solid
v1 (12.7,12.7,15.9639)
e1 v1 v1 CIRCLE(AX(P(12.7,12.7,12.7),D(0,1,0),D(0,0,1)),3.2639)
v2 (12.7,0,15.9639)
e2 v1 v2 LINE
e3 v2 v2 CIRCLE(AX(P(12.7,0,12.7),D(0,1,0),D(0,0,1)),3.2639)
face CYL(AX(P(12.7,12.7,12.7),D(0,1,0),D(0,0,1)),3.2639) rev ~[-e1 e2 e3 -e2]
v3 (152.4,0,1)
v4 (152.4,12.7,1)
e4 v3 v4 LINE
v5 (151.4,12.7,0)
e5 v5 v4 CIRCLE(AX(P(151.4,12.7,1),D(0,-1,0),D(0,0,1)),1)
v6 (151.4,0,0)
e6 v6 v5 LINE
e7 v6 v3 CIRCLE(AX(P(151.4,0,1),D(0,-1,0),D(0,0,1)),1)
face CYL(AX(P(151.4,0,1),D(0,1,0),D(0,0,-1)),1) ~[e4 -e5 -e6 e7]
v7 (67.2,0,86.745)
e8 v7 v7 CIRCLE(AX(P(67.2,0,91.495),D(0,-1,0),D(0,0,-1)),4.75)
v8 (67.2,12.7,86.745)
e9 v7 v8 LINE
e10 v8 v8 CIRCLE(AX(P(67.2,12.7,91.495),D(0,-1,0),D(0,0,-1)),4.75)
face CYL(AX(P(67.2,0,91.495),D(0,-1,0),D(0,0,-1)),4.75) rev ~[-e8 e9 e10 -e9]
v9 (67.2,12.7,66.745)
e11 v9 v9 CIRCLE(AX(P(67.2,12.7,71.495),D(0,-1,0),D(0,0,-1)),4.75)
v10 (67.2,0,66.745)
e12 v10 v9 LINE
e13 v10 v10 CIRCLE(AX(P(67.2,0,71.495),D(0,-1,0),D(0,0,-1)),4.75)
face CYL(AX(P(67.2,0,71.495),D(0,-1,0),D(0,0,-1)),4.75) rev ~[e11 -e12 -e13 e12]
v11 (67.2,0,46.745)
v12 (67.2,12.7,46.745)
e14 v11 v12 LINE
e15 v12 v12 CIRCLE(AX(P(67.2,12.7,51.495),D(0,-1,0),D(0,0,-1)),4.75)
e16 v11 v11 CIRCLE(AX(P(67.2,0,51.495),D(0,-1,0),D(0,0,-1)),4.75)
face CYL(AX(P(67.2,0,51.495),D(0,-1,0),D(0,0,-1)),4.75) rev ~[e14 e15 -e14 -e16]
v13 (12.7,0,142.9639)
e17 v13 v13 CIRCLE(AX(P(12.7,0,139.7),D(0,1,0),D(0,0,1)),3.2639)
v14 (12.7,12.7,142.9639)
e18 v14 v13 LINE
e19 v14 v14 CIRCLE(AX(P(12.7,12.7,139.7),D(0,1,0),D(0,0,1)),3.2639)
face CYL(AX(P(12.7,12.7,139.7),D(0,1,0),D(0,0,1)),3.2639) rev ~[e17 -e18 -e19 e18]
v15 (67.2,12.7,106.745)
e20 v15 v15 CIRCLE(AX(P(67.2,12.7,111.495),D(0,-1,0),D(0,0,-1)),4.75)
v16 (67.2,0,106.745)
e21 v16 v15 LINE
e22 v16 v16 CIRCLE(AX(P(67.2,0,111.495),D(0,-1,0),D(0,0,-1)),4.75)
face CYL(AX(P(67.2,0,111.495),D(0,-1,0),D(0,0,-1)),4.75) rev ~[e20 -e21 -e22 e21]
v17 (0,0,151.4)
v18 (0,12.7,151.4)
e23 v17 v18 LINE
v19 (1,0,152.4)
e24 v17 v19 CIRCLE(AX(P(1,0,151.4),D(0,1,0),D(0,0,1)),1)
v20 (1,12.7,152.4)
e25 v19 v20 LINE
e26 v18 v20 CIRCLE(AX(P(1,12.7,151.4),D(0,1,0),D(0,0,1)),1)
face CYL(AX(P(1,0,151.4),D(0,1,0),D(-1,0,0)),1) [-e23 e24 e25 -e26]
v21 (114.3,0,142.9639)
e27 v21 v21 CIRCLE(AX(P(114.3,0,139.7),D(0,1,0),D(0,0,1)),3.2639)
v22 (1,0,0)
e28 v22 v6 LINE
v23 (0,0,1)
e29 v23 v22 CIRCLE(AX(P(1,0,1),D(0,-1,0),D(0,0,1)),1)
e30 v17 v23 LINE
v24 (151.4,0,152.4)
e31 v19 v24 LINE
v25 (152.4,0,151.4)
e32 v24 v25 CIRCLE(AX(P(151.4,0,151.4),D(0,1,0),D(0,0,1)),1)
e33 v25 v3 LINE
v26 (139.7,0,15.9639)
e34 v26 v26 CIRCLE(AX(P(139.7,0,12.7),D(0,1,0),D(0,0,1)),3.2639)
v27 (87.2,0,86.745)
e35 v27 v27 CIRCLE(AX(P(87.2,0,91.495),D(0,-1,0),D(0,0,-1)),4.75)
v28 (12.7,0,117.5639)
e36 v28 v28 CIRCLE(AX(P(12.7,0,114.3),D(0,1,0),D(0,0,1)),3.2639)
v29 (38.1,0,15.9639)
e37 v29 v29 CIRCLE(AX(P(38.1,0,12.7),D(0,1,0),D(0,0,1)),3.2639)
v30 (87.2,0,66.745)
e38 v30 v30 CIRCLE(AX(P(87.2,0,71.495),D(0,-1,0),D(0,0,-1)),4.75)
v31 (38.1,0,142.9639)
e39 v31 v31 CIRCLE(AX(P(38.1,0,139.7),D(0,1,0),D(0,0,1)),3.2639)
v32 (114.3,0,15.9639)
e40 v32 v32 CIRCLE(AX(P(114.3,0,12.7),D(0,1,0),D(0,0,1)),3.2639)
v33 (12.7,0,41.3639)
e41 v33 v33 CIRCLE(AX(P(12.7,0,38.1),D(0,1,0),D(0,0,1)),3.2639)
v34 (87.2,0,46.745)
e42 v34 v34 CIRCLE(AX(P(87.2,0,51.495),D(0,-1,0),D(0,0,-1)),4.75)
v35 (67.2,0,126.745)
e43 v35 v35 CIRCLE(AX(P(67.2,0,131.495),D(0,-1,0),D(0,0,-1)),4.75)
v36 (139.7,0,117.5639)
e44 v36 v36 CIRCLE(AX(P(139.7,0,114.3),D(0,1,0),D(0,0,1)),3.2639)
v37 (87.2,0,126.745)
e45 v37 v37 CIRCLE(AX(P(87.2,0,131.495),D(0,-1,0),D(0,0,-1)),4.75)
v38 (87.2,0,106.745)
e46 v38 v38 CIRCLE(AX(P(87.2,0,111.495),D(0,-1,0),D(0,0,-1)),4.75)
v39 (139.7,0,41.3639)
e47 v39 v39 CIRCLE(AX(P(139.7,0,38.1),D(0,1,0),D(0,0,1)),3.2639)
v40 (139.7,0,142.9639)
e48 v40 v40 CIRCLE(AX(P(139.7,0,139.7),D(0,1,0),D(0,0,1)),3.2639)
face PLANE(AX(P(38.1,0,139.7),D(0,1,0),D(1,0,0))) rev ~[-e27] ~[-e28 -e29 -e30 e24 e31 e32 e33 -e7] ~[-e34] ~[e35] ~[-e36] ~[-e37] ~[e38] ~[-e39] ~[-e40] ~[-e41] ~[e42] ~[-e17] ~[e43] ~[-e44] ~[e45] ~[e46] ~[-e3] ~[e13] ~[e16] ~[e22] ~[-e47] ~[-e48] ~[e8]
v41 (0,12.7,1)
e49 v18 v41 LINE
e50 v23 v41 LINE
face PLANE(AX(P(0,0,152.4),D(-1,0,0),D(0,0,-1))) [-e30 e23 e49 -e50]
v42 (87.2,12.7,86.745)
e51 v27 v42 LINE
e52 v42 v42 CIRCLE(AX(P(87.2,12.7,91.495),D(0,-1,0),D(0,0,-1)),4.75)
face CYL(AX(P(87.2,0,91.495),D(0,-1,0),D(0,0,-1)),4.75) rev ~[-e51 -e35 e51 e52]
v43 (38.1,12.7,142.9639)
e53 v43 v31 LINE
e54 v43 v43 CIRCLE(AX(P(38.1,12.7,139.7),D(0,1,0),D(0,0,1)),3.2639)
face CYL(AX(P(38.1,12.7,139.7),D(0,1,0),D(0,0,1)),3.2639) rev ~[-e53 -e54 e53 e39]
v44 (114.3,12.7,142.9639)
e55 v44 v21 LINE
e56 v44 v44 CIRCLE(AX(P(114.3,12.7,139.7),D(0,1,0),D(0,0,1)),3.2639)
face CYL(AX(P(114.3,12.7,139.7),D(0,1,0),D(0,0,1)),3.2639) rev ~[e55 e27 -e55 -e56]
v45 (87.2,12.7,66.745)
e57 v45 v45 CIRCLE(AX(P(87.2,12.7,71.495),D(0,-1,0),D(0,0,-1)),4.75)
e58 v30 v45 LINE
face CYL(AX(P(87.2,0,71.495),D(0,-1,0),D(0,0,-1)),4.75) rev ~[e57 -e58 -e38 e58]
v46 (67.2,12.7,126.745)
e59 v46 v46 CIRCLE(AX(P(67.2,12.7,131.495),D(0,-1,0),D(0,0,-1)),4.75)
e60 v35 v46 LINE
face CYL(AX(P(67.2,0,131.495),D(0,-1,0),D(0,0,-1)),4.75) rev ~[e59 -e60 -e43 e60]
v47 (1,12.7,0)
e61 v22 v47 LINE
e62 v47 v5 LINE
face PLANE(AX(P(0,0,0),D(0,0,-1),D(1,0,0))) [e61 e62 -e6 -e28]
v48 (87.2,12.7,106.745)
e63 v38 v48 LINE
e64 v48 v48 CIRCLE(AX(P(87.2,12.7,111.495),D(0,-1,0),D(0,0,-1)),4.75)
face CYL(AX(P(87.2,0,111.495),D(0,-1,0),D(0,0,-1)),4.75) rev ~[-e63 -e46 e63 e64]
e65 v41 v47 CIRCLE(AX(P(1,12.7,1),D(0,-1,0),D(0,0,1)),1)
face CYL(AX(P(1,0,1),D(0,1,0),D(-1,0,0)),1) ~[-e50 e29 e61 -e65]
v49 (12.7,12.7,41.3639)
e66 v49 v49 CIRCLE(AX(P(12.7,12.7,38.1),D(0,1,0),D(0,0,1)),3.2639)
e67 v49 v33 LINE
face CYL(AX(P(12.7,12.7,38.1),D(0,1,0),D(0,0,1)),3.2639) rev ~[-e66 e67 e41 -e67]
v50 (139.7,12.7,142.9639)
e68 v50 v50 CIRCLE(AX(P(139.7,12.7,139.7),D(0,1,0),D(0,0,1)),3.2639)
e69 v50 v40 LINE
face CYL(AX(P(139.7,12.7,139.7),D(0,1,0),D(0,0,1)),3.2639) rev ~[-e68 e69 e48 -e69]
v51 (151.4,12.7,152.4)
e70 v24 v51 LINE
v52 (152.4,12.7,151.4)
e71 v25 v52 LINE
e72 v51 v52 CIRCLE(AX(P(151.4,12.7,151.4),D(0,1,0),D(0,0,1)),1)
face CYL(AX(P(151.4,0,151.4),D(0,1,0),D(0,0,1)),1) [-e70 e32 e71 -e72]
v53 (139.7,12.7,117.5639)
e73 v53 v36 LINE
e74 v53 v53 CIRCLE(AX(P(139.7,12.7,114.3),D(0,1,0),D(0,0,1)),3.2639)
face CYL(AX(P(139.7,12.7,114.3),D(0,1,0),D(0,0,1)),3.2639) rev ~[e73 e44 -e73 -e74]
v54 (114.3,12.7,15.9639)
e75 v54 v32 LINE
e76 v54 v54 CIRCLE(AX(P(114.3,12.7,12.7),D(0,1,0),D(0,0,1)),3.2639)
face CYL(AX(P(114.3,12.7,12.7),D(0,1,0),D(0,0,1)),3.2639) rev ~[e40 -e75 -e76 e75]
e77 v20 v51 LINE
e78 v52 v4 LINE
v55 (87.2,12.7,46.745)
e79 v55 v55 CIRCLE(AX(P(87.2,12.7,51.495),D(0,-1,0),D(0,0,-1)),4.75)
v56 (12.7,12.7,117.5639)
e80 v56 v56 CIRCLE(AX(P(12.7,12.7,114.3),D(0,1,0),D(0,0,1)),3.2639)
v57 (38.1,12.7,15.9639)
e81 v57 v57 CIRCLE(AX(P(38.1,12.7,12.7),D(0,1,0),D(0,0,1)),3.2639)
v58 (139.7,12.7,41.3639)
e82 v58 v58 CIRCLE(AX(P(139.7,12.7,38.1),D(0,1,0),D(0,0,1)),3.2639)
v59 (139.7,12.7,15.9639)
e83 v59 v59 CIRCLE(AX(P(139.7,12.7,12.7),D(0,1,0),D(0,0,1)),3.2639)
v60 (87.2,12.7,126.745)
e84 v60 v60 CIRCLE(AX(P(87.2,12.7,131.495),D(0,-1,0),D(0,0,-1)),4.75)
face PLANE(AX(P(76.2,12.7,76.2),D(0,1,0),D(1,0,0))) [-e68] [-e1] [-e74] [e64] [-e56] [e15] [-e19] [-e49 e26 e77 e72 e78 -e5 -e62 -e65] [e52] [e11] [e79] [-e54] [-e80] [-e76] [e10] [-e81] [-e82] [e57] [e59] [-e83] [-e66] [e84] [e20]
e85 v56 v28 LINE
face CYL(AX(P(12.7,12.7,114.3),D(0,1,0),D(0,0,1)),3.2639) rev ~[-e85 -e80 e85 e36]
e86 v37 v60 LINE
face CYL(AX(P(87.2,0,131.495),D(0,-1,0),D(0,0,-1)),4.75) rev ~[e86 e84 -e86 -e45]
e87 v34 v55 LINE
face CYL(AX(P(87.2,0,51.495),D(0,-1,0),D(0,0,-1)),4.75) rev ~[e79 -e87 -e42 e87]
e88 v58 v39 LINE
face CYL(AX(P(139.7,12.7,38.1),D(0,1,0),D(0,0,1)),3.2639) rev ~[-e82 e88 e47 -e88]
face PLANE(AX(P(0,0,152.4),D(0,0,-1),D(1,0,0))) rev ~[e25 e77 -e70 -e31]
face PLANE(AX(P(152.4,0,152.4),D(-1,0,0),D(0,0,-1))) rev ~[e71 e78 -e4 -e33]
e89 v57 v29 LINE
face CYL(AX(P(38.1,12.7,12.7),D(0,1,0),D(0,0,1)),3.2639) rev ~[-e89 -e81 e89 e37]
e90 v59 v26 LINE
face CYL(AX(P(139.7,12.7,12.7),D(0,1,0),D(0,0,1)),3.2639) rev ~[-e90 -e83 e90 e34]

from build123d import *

# Parameters (mm, degrees)
SKETCH1_W           = 152.4
SKETCH1_H           = 152.4
SKETCH1_R           = 4.75
BOSS_EXTRUDE1_DEPTH = 12.7
FILLET1_R           = 1
SKETCH11_R          = 3.2639
CUT_EXTRUDE1_DEPTH  = 12.7
SKETCH12_R          = 4.75
CUT_EXTRUDE2_DEPTH  = 12.7


with BuildPart() as part:
    # Sketch1 → Boss-Extrude1 (new body)
    # profile 1 of 13: a face of its own
    with BuildSketch(Plane(origin=(0, 0, 0), x_dir=(1, 0, 0), z_dir=(0, 1, 0))):
        with Locations((76.2, -76.2)):
            Rectangle(SKETCH1_W, SKETCH1_H)
        with Locations((12.7, -38.1)):
            Circle(SKETCH1_R, mode=Mode.SUBTRACT)
        with Locations((12.7, -114.3)):
            Circle(SKETCH1_R, mode=Mode.SUBTRACT)
        with Locations((38.1, -139.7)):
            Circle(SKETCH1_R, mode=Mode.SUBTRACT)
        with Locations((114.3, -139.7)):
            Circle(SKETCH1_R, mode=Mode.SUBTRACT)
        with Locations((139.7, -114.3)):
            Circle(SKETCH1_R, mode=Mode.SUBTRACT)
        with Locations((139.7, -38.1)):
            Circle(SKETCH1_R, mode=Mode.SUBTRACT)
        with Locations((114.3, -12.7)):
            Circle(SKETCH1_R, mode=Mode.SUBTRACT)
        with Locations((38.1, -12.7)):
            Circle(SKETCH1_R, mode=Mode.SUBTRACT)
        with Locations((12.7, -139.7)):
            Circle(SKETCH1_R, mode=Mode.SUBTRACT)
        with Locations((139.7, -139.7)):
            Circle(SKETCH1_R, mode=Mode.SUBTRACT)
        with Locations((139.7, -12.7)):
            Circle(SKETCH1_R, mode=Mode.SUBTRACT)
        with Locations((12.7, -12.7)):
            Circle(SKETCH1_R, mode=Mode.SUBTRACT)
    # profile 2 of 13: a face of its own
    with BuildSketch(Plane(origin=(0, 0, 0), x_dir=(1, 0, 0), z_dir=(0, 1, 0))):
        with Locations((12.7, -12.7)):
            Circle(SKETCH1_R)
    # profile 3 of 13: a face of its own
    with BuildSketch(Plane(origin=(0, 0, 0), x_dir=(1, 0, 0), z_dir=(0, 1, 0))):
        with Locations((139.7, -12.7)):
            Circle(SKETCH1_R)
    # profile 4 of 13: a face of its own
    with BuildSketch(Plane(origin=(0, 0, 0), x_dir=(1, 0, 0), z_dir=(0, 1, 0))):
        with Locations((139.7, -139.7)):
            Circle(SKETCH1_R)
    # profile 5 of 13: a face of its own
    with BuildSketch(Plane(origin=(0, 0, 0), x_dir=(1, 0, 0), z_dir=(0, 1, 0))):
        with Locations((12.7, -139.7)):
            Circle(SKETCH1_R)
    # profile 6 of 13: a face of its own
    with BuildSketch(Plane(origin=(0, 0, 0), x_dir=(1, 0, 0), z_dir=(0, 1, 0))):
        with Locations((38.1, -12.7)):
            Circle(SKETCH1_R)
    # profile 7 of 13: a face of its own
    with BuildSketch(Plane(origin=(0, 0, 0), x_dir=(1, 0, 0), z_dir=(0, 1, 0))):
        with Locations((12.7, -38.1)):
            Circle(SKETCH1_R)
    # profile 8 of 13: a face of its own
    with BuildSketch(Plane(origin=(0, 0, 0), x_dir=(1, 0, 0), z_dir=(0, 1, 0))):
        with Locations((139.7, -38.1)):
            Circle(SKETCH1_R)
    # profile 9 of 13: a face of its own
    with BuildSketch(Plane(origin=(0, 0, 0), x_dir=(1, 0, 0), z_dir=(0, 1, 0))):
        with Locations((114.3, -12.7)):
            Circle(SKETCH1_R)
    # profile 10 of 13: a face of its own
    with BuildSketch(Plane(origin=(0, 0, 0), x_dir=(1, 0, 0), z_dir=(0, 1, 0))):
        with Locations((139.7, -114.3)):
            Circle(SKETCH1_R)
    # profile 11 of 13: a face of its own
    with BuildSketch(Plane(origin=(0, 0, 0), x_dir=(1, 0, 0), z_dir=(0, 1, 0))):
        with Locations((114.3, -139.7)):
            Circle(SKETCH1_R)
    # profile 12 of 13: a face of its own
    with BuildSketch(Plane(origin=(0, 0, 0), x_dir=(1, 0, 0), z_dir=(0, 1, 0))):
        with Locations((12.7, -114.3)):
            Circle(SKETCH1_R)
    # profile 13 of 13: a face of its own
    with BuildSketch(Plane(origin=(0, 0, 0), x_dir=(1, 0, 0), z_dir=(0, 1, 0))):
        with Locations((38.1, -139.7)):
            Circle(SKETCH1_R)
    extrude(amount=BOSS_EXTRUDE1_DEPTH)

    # Fillet1
    fillet1_edges = [part.edges().sort_by_distance(p)[0] for p in [
        (152.4, 6.35, 152.4),
        (0, 6.35, 152.4),
        (0, 6.35, 0),
        (152.4, 6.35, 0),
    ]]
    fillet(fillet1_edges, radius=FILLET1_R)

    # Sketch11 → Cut-Extrude1 (cut)
    with BuildSketch(Plane(origin=(0, 12.7, 0), x_dir=(1, 0, 0), z_dir=(0, 1, 0))):
        with Locations(Location((38.1, -12.7, 0), (0, 0, 270))):
            Circle(SKETCH11_R)
        with Locations(Location((12.7, -12.7, 0), (0, 0, 270))):
            Circle(SKETCH11_R)
        with Locations(Location((139.7, -12.7, 0), (0, 0, 270))):
            Circle(SKETCH11_R)
        with Locations(Location((12.7, -38.1, 0), (0, 0, 270))):
            Circle(SKETCH11_R)
        with Locations(Location((114.3, -12.7, 0), (0, 0, 270))):
            Circle(SKETCH11_R)
        with Locations(Location((139.7, -38.1, 0), (0, 0, 270))):
            Circle(SKETCH11_R)
        with Locations(Location((139.7, -114.3, 0), (0, 0, 270))):
            Circle(SKETCH11_R)
        with Locations(Location((114.3, -139.7, 0), (0, 0, 270))):
            Circle(SKETCH11_R)
        with Locations(Location((12.7, -114.3, 0), (0, 0, 270))):
            Circle(SKETCH11_R)
        with Locations(Location((38.1, -139.7, 0), (0, 0, 270))):
            Circle(SKETCH11_R)
        with Locations(Location((139.7, -139.7, 0), (0, 0, 270))):
            Circle(SKETCH11_R)
        with Locations(Location((12.7, -139.7, 0), (0, 0, 270))):
            Circle(SKETCH11_R)
    extrude(amount=-CUT_EXTRUDE1_DEPTH, mode=Mode.SUBTRACT)

    # Sketch12 → Cut-Extrude2 (cut)
    with BuildSketch(Plane.XZ):
        with Locations(Location((67.2, 131.495, 0), (0, 0, 270))):
            Circle(SKETCH12_R)
        with Locations(Location((87.2, 131.495, 0), (0, 0, 270))):
            Circle(SKETCH12_R)
        with Locations(Location((87.2, 111.495, 0), (0, 0, 270))):
            Circle(SKETCH12_R)
        with Locations(Location((67.2, 111.495, 0), (0, 0, 270))):
            Circle(SKETCH12_R)
        with Locations(Location((67.2, 91.495, 0), (0, 0, 270))):
            Circle(SKETCH12_R)
        with Locations(Location((67.2, 71.495, 0), (0, 0, 270))):
            Circle(SKETCH12_R)
        with Locations(Location((67.2, 51.495, 0), (0, 0, 270))):
            Circle(SKETCH12_R)
        with Locations(Location((87.2, 51.495, 0), (0, 0, 270))):
            Circle(SKETCH12_R)
        with Locations(Location((87.2, 71.495, 0), (0, 0, 270))):
            Circle(SKETCH12_R)
        with Locations(Location((87.2, 91.495, 0), (0, 0, 270))):
            Circle(SKETCH12_R)
    extrude(amount=-CUT_EXTRUDE2_DEPTH, mode=Mode.SUBTRACT)


solid = part.part
